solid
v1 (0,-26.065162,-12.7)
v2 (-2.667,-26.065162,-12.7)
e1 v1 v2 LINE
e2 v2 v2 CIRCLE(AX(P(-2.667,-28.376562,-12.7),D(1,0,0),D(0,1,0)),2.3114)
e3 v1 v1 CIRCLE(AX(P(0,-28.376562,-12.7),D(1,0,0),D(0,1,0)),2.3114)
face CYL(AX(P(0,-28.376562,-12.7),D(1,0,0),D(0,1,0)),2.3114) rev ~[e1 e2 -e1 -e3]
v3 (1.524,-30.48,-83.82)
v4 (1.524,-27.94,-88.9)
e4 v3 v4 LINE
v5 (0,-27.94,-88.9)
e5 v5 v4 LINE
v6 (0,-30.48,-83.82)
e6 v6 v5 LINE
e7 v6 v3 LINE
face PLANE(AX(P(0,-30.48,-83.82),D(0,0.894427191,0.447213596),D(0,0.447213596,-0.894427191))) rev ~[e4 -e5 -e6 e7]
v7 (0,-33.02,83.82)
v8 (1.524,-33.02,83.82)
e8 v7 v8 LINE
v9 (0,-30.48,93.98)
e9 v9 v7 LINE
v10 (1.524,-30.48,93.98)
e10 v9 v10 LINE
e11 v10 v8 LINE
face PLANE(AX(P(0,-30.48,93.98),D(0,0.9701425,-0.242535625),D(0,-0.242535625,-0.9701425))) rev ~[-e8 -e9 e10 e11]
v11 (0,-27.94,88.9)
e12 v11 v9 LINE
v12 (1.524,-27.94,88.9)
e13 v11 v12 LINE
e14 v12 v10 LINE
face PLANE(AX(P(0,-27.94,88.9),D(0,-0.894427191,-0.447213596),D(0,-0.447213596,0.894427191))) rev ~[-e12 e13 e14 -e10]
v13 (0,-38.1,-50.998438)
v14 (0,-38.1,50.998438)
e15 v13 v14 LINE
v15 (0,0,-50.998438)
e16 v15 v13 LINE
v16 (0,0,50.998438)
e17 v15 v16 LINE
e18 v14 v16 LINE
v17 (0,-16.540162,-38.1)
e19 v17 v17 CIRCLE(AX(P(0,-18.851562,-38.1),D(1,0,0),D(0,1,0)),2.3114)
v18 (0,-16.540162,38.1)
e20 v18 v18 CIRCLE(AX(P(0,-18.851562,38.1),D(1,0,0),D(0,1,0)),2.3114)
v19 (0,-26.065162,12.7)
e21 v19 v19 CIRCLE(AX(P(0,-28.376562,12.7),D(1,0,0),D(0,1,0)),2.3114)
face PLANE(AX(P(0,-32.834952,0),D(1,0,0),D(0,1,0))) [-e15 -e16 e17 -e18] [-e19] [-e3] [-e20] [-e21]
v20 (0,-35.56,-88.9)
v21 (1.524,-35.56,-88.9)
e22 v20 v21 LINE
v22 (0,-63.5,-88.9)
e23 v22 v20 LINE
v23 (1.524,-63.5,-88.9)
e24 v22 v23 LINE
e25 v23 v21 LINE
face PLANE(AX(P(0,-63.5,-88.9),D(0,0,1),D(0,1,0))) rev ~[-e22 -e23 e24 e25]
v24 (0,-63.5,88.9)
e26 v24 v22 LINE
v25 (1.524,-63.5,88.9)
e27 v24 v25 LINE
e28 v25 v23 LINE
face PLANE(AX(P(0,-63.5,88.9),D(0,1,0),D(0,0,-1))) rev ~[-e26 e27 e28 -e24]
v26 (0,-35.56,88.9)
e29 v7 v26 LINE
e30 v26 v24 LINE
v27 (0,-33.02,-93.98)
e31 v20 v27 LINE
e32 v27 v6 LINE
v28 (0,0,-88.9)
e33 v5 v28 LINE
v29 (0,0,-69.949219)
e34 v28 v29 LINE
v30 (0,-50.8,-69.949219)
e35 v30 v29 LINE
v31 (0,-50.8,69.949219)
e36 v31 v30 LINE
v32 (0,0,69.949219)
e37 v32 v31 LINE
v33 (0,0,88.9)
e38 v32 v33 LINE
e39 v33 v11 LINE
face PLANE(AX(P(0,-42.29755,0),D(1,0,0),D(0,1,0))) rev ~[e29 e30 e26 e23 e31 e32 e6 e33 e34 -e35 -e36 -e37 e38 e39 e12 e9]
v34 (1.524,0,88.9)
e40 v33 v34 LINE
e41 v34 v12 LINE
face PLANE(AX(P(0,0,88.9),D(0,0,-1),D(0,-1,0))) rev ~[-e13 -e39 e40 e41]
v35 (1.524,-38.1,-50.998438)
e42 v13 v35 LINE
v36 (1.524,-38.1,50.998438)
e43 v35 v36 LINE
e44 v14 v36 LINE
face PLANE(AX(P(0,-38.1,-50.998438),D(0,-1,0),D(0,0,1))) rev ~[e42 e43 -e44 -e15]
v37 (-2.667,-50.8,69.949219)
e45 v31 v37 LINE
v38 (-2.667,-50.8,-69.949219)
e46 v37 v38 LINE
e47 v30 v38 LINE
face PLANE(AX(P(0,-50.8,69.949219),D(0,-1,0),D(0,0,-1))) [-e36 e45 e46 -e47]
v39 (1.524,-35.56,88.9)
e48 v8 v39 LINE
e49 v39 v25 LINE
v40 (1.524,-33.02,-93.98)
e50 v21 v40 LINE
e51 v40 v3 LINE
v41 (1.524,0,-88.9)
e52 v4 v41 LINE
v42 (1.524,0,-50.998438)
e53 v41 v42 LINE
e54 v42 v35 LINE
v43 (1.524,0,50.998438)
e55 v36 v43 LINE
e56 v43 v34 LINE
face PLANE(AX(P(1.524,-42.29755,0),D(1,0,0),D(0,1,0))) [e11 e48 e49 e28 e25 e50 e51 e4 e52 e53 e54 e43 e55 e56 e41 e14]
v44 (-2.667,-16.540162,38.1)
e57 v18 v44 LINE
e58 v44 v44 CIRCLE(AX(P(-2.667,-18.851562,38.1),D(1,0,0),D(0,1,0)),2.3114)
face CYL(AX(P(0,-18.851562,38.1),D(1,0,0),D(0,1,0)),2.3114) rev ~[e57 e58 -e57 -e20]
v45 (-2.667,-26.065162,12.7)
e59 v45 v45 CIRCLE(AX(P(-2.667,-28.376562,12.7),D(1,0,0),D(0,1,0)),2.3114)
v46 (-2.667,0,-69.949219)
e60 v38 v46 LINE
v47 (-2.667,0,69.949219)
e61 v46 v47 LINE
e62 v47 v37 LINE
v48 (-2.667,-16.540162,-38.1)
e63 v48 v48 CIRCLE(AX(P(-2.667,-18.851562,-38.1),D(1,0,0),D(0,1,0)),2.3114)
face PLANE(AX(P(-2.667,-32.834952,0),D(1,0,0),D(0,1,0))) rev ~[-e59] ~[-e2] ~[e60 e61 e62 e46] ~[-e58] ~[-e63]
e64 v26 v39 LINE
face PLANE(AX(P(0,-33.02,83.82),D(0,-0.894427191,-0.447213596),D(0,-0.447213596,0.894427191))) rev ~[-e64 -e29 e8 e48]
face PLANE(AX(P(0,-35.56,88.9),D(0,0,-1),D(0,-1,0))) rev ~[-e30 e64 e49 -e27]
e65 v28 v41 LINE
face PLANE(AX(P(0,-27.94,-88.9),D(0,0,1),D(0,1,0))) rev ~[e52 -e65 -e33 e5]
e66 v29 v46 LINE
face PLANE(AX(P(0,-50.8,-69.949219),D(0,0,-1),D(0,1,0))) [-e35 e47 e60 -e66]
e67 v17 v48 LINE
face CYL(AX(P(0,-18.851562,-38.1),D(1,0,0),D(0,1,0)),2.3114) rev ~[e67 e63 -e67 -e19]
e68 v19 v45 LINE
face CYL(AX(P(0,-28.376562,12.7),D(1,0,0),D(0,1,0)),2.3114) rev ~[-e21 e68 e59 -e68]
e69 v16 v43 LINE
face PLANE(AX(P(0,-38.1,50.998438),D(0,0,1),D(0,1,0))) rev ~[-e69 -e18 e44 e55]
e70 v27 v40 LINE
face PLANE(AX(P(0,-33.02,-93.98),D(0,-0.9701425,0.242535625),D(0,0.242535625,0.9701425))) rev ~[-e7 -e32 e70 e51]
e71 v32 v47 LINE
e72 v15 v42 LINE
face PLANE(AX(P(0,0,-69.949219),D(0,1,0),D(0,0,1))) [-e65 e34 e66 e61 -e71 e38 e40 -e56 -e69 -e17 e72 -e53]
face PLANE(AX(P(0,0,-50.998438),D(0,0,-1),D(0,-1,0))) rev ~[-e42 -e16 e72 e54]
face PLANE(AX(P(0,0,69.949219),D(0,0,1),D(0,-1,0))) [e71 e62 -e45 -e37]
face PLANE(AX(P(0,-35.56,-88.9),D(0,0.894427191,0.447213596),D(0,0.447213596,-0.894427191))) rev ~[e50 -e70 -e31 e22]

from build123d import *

# Parameters (mm, degrees)
F1_DEPTH = 1.524
F0_W     = 38.1
F0_H     = 101.996876
F0_R     = 2.3114
F2_DEPTH = 2.667


with BuildPart() as f1:
    # F0 (on Right) → F1 (new body)
    with BuildSketch(Plane.YZ):
        Polygon((0, 69.949219), (0, 88.9), (-27.94, 88.9), (-30.48, 93.98), (-33.02, 83.82), (-35.56, 88.9), (-63.5, 88.9), (-63.5, -88.9), (-35.56, -88.9), (-33.02, -93.98), (-30.48, -83.82), (-27.94, -88.9), (0, -88.9), (0, -69.949219), (-50.8, -69.949219), (-50.8, 69.949219), align=None)
        Polygon((0, 50.998438), (0, 69.949219), (-50.8, 69.949219), (-50.8, -69.949219), (0, -69.949219), (0, -50.998438), (-38.1, -50.998438), (-38.1, 50.998438), align=None)
    extrude(amount=F1_DEPTH)

    # F0 (on Right) → F2 (join)
    with BuildSketch(Plane.YZ):
        Polygon((0, 50.998438), (0, 69.949219), (-50.8, 69.949219), (-50.8, -69.949219), (0, -69.949219), (0, -50.998438), (-38.1, -50.998438), (-38.1, 50.998438), align=None)
        with Locations((-19.05, 0)):
            Rectangle(F0_W, F0_H)
        with Locations((-18.851562, -38.1)):
            Circle(F0_R, mode=Mode.SUBTRACT)
        with Locations((-28.376562, -12.7)):
            Circle(F0_R, mode=Mode.SUBTRACT)
        with Locations((-28.376562, 12.7)):
            Circle(F0_R, mode=Mode.SUBTRACT)
        with Locations((-18.851562, 38.1)):
            Circle(F0_R, mode=Mode.SUBTRACT)
    extrude(amount=-F2_DEPTH)


solid = f1.part
